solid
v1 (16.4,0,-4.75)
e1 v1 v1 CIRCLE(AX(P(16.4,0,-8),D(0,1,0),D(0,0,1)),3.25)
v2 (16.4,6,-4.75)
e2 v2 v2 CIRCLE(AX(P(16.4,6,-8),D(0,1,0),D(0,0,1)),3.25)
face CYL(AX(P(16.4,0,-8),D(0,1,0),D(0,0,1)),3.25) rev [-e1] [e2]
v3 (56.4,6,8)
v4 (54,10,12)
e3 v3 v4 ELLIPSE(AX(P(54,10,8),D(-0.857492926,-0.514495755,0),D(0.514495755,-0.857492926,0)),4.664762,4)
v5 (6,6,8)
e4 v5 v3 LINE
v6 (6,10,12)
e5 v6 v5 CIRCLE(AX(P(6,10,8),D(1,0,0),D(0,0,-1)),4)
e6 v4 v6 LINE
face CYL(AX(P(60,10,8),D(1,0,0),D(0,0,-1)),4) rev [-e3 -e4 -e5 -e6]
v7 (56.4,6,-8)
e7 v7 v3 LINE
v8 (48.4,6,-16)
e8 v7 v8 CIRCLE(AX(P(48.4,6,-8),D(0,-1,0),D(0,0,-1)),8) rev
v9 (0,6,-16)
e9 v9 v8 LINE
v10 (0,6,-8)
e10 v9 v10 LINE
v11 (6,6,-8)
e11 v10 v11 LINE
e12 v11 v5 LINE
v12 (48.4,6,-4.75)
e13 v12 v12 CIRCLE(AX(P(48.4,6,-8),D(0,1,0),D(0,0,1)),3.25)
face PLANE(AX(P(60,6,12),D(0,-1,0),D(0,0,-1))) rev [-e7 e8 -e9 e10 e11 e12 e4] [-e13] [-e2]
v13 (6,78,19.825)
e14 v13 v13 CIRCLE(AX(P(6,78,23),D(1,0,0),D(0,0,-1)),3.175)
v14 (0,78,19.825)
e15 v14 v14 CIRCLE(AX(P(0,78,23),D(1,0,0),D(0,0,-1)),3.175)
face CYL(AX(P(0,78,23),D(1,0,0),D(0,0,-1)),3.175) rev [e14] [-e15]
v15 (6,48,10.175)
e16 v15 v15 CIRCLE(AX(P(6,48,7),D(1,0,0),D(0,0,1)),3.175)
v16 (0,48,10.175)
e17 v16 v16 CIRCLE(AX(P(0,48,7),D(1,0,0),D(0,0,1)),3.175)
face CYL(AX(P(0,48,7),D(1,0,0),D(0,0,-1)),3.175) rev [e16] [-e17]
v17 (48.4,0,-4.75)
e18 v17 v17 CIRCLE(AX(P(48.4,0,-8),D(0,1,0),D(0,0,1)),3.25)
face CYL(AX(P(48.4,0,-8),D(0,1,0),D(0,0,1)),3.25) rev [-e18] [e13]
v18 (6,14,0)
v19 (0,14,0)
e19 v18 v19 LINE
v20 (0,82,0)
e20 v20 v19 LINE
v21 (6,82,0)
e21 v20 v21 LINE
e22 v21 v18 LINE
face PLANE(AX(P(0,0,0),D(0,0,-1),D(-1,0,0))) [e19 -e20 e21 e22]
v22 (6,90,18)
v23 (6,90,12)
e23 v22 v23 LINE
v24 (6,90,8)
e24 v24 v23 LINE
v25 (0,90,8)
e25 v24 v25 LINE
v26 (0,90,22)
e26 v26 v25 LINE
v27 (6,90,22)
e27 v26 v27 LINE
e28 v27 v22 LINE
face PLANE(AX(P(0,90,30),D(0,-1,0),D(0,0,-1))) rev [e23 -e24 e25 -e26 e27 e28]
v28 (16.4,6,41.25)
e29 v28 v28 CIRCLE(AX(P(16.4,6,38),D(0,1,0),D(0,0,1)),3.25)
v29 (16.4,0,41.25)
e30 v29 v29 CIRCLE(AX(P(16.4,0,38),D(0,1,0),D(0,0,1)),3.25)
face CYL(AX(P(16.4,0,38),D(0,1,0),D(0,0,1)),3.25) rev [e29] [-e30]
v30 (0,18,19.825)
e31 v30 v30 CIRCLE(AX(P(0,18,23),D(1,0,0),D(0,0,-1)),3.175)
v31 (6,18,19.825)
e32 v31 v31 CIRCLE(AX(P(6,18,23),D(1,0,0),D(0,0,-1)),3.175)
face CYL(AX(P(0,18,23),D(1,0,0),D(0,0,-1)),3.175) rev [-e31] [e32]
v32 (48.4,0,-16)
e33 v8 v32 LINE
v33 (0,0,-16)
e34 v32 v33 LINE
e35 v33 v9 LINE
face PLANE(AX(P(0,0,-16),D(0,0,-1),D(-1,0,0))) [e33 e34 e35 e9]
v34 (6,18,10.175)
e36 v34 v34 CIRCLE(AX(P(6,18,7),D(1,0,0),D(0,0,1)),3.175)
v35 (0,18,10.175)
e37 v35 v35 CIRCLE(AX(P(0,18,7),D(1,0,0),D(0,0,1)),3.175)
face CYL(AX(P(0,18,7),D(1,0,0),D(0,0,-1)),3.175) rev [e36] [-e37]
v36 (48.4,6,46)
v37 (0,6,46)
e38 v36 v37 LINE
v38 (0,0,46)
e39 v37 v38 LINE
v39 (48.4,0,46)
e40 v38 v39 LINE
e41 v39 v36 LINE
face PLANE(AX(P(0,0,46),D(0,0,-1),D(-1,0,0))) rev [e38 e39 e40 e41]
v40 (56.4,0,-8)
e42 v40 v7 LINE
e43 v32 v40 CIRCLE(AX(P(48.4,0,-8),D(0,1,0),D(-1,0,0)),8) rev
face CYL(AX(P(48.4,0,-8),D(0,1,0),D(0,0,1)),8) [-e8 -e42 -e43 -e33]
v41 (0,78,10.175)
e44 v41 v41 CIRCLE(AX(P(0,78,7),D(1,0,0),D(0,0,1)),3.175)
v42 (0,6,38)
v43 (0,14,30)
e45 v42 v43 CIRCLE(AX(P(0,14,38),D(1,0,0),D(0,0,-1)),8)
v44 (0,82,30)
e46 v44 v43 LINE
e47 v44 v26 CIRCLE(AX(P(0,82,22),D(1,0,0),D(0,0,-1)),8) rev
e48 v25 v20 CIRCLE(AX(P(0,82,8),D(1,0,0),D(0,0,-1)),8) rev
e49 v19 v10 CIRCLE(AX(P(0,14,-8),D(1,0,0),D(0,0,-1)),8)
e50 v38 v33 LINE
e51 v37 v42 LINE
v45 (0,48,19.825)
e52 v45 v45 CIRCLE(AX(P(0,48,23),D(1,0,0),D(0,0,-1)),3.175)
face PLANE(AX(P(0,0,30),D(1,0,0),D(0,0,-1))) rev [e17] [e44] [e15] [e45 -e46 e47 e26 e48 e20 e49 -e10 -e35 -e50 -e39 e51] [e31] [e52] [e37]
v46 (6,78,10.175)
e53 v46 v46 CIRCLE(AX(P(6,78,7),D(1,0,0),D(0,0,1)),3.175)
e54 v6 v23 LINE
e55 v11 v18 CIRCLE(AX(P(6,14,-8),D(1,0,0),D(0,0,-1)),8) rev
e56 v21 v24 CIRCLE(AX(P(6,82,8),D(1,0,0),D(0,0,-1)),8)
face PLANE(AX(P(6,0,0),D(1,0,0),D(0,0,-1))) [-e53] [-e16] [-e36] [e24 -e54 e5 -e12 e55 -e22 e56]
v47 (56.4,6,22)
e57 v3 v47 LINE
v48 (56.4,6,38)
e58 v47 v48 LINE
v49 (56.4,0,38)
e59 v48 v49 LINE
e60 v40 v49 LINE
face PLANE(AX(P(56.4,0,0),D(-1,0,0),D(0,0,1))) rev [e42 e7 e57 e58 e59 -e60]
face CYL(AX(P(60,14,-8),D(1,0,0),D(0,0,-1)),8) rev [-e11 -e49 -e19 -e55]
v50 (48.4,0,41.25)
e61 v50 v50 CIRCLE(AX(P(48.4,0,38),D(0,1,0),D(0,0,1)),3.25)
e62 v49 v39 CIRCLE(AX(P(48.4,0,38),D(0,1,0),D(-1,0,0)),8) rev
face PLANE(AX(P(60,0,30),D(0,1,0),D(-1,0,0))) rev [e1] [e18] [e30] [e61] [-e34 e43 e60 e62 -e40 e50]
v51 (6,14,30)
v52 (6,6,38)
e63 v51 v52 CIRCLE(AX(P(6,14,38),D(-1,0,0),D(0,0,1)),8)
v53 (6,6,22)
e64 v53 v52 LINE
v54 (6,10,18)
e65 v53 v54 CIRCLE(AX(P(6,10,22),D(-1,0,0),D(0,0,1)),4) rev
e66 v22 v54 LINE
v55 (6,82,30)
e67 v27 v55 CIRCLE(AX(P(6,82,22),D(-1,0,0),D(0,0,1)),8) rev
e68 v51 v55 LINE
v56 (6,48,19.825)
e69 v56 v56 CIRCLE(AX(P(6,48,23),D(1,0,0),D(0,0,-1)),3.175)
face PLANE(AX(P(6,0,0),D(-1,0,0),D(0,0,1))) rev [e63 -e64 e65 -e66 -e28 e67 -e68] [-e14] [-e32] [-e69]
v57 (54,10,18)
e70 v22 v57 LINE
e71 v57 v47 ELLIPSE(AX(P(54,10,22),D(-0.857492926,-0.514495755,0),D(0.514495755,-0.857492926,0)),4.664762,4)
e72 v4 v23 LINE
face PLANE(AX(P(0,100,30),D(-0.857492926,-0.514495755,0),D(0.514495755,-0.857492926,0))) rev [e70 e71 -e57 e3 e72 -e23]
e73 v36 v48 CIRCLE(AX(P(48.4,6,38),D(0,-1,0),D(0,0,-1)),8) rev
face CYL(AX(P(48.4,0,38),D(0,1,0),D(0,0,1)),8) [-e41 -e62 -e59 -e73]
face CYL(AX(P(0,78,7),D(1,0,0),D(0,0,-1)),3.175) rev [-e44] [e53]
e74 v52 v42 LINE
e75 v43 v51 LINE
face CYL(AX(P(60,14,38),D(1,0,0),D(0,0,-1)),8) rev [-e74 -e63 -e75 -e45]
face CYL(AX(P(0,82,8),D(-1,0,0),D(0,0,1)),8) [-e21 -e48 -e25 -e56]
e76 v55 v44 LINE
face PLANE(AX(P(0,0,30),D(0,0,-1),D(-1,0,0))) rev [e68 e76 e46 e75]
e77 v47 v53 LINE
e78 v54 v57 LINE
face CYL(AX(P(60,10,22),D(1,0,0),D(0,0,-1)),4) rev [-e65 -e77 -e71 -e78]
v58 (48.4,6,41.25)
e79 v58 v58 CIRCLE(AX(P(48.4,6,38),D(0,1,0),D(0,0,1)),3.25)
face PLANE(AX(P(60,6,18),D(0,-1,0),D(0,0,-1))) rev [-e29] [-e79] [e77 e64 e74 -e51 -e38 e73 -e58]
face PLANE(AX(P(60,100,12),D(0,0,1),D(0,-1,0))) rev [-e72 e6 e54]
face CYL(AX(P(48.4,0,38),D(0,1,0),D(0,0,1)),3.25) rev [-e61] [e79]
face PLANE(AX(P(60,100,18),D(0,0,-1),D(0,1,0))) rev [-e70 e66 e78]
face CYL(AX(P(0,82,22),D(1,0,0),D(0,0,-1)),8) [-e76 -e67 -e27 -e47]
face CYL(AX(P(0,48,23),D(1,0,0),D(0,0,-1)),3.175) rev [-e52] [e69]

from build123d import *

# Parameters (mm, degrees)
RESSALTO_EXTRUS_O1_DEPTH = 30
ESBO_O2_W                = 12
ESBO_O2_H                = 94
CORTE_EXTRUS_O1_DEPTH    = 118.541482039
ESBO_O3_W                = 30
ESBO_O3_H                = 10
CORTE_EXTRUS_O2_DEPTH    = 118.541482039
ESBO_O4_W                = 3.6
ESBO_O4_H                = 30
CORTE_EXTRUS_O3_DEPTH    = 108.498837203
ESBO_O5_W                = 56.4
ESBO_O5_H                = 6
RESSALTO_EXTRUS_O2_DEPTH = 16
ESBO_O6_W                = 56.4
ESBO_O6_H                = 6
RESSALTO_EXTRUS_O3_DEPTH = 16
FILETE1_R                = 8
FILETE2_R                = 8
FILETE3_R                = 8
FILETE4_R                = 4
ESBO_O7_R                = 3.175
CORTE_EXTRUS_O4_DEPTH    = 113.943171551
ESBO_O8_R                = 3.25
CORTE_EXTRUS_O5_DEPTH    = 112.143870726


with BuildPart() as part:
    # Esboço1 → Ressalto-extrusão1 (new body)
    with BuildSketch(Plane.XY):
        Polygon((0, 0), (0, 100), (60, 0), align=None)
    extrude(amount=RESSALTO_EXTRUS_O1_DEPTH)

    # Esboço2 → Corte-extrusão1 (cut, through all)
    with BuildSketch(Plane.ZY.offset(-6)):
        with Locations((24, 53)):
            Rectangle(ESBO_O2_W, ESBO_O2_H)
        with Locations((6, 53)):
            Rectangle(ESBO_O2_W, ESBO_O2_H)
    extrude(amount=-CORTE_EXTRUS_O1_DEPTH, mode=Mode.SUBTRACT)

    # Esboço3 → Corte-extrusão2 (cut, through all)
    with BuildSketch(Plane(origin=(6, 0, 0), x_dir=(0, 0, -1), z_dir=(1, 0, 0))):
        with Locations((-15, 95)):
            Rectangle(ESBO_O3_W, ESBO_O3_H)
    extrude(amount=-CORTE_EXTRUS_O2_DEPTH, mode=Mode.SUBTRACT)

    # Esboço4 → Corte-extrusão3 (cut, through all)
    with BuildSketch(Plane(origin=(0, 6, 0), x_dir=(1, 0, 0), z_dir=(0, 1, 0))):
        with Locations((58.2, -15)):
            Rectangle(ESBO_O4_W, ESBO_O4_H)
    extrude(amount=-CORTE_EXTRUS_O3_DEPTH, mode=Mode.SUBTRACT)

    # Esboço5 → Ressalto-extrusão2 (add)
    with BuildSketch(Plane.XY.offset(30)):
        with Locations((28.2, 3)):
            Rectangle(ESBO_O5_W, ESBO_O5_H)
    extrude(amount=RESSALTO_EXTRUS_O2_DEPTH)

    # Esboço6 → Ressalto-extrusão3 (add)
    with BuildSketch(Plane(origin=(0, 0, 0), x_dir=(-1, 0, 0), z_dir=(0, 0, -1))):
        with Locations((-28.2, 3)):
            Rectangle(ESBO_O6_W, ESBO_O6_H)
    extrude(amount=RESSALTO_EXTRUS_O3_DEPTH)

    # Filete1
    filete1_edges = [part.edges().sort_by_distance(p)[0] for p in [
        (3, 6, 0),
        (3, 6, 30),
    ]]
    fillet(filete1_edges, radius=FILETE1_R)

    # Filete2
    filete2_edges = [part.edges().sort_by_distance(p)[0] for p in [
        (56.4, 3, -16),
        (56.4, 3, 46),
    ]]
    fillet(filete2_edges, radius=FILETE2_R)

    # Filete3
    filete3_edges = [part.edges().sort_by_distance(p)[0] for p in [
        (3, 90, 30),
        (3, 90, 0),
    ]]
    fillet(filete3_edges, radius=FILETE3_R)

    # Filete4
    filete4_edges = [part.edges().sort_by_distance(p)[0] for p in [
        (31.2, 6, 18),
        (31.2, 6, 12),
    ]]
    fillet(filete4_edges, radius=FILETE4_R)

    # Esboço7 → Corte-extrusão4 (cut, through all)
    with BuildSketch(Plane(origin=(6, 0, 0), x_dir=(0, 0, -1), z_dir=(1, 0, 0))):
        with Locations((-23, 78)):
            Circle(ESBO_O7_R)
        with Locations((-23, 48)):
            Circle(ESBO_O7_R)
        with Locations((-23, 18)):
            Circle(ESBO_O7_R)
        with Locations(Location((-7, 18, 0), (0, 0, 180))):
            Circle(ESBO_O7_R)
        with Locations(Location((-7, 48, 0), (0, 0, 180))):
            Circle(ESBO_O7_R)
        with Locations(Location((-7, 78, 0), (0, 0, 180))):
            Circle(ESBO_O7_R)
    extrude(amount=-CORTE_EXTRUS_O4_DEPTH, mode=Mode.SUBTRACT)

    # Esboço8 → Corte-extrusão5 (cut, through all)
    with BuildSketch(Plane(origin=(0, 6, 0), x_dir=(1, 0, 0), z_dir=(0, 1, 0))):
        with Locations(Location((48.4, 8, 0), (0, 0, 270))):
            Circle(ESBO_O8_R)
        with Locations(Location((48.4, -38, 0), (0, 0, 270))):
            Circle(ESBO_O8_R)
        with Locations(Location((16.4, -38, 0), (0, 0, 270))):
            Circle(ESBO_O8_R)
        with Locations(Location((16.4, 8, 0), (0, 0, 270))):
            Circle(ESBO_O8_R)
    extrude(amount=-CORTE_EXTRUS_O5_DEPTH, mode=Mode.SUBTRACT)


solid = part.part
